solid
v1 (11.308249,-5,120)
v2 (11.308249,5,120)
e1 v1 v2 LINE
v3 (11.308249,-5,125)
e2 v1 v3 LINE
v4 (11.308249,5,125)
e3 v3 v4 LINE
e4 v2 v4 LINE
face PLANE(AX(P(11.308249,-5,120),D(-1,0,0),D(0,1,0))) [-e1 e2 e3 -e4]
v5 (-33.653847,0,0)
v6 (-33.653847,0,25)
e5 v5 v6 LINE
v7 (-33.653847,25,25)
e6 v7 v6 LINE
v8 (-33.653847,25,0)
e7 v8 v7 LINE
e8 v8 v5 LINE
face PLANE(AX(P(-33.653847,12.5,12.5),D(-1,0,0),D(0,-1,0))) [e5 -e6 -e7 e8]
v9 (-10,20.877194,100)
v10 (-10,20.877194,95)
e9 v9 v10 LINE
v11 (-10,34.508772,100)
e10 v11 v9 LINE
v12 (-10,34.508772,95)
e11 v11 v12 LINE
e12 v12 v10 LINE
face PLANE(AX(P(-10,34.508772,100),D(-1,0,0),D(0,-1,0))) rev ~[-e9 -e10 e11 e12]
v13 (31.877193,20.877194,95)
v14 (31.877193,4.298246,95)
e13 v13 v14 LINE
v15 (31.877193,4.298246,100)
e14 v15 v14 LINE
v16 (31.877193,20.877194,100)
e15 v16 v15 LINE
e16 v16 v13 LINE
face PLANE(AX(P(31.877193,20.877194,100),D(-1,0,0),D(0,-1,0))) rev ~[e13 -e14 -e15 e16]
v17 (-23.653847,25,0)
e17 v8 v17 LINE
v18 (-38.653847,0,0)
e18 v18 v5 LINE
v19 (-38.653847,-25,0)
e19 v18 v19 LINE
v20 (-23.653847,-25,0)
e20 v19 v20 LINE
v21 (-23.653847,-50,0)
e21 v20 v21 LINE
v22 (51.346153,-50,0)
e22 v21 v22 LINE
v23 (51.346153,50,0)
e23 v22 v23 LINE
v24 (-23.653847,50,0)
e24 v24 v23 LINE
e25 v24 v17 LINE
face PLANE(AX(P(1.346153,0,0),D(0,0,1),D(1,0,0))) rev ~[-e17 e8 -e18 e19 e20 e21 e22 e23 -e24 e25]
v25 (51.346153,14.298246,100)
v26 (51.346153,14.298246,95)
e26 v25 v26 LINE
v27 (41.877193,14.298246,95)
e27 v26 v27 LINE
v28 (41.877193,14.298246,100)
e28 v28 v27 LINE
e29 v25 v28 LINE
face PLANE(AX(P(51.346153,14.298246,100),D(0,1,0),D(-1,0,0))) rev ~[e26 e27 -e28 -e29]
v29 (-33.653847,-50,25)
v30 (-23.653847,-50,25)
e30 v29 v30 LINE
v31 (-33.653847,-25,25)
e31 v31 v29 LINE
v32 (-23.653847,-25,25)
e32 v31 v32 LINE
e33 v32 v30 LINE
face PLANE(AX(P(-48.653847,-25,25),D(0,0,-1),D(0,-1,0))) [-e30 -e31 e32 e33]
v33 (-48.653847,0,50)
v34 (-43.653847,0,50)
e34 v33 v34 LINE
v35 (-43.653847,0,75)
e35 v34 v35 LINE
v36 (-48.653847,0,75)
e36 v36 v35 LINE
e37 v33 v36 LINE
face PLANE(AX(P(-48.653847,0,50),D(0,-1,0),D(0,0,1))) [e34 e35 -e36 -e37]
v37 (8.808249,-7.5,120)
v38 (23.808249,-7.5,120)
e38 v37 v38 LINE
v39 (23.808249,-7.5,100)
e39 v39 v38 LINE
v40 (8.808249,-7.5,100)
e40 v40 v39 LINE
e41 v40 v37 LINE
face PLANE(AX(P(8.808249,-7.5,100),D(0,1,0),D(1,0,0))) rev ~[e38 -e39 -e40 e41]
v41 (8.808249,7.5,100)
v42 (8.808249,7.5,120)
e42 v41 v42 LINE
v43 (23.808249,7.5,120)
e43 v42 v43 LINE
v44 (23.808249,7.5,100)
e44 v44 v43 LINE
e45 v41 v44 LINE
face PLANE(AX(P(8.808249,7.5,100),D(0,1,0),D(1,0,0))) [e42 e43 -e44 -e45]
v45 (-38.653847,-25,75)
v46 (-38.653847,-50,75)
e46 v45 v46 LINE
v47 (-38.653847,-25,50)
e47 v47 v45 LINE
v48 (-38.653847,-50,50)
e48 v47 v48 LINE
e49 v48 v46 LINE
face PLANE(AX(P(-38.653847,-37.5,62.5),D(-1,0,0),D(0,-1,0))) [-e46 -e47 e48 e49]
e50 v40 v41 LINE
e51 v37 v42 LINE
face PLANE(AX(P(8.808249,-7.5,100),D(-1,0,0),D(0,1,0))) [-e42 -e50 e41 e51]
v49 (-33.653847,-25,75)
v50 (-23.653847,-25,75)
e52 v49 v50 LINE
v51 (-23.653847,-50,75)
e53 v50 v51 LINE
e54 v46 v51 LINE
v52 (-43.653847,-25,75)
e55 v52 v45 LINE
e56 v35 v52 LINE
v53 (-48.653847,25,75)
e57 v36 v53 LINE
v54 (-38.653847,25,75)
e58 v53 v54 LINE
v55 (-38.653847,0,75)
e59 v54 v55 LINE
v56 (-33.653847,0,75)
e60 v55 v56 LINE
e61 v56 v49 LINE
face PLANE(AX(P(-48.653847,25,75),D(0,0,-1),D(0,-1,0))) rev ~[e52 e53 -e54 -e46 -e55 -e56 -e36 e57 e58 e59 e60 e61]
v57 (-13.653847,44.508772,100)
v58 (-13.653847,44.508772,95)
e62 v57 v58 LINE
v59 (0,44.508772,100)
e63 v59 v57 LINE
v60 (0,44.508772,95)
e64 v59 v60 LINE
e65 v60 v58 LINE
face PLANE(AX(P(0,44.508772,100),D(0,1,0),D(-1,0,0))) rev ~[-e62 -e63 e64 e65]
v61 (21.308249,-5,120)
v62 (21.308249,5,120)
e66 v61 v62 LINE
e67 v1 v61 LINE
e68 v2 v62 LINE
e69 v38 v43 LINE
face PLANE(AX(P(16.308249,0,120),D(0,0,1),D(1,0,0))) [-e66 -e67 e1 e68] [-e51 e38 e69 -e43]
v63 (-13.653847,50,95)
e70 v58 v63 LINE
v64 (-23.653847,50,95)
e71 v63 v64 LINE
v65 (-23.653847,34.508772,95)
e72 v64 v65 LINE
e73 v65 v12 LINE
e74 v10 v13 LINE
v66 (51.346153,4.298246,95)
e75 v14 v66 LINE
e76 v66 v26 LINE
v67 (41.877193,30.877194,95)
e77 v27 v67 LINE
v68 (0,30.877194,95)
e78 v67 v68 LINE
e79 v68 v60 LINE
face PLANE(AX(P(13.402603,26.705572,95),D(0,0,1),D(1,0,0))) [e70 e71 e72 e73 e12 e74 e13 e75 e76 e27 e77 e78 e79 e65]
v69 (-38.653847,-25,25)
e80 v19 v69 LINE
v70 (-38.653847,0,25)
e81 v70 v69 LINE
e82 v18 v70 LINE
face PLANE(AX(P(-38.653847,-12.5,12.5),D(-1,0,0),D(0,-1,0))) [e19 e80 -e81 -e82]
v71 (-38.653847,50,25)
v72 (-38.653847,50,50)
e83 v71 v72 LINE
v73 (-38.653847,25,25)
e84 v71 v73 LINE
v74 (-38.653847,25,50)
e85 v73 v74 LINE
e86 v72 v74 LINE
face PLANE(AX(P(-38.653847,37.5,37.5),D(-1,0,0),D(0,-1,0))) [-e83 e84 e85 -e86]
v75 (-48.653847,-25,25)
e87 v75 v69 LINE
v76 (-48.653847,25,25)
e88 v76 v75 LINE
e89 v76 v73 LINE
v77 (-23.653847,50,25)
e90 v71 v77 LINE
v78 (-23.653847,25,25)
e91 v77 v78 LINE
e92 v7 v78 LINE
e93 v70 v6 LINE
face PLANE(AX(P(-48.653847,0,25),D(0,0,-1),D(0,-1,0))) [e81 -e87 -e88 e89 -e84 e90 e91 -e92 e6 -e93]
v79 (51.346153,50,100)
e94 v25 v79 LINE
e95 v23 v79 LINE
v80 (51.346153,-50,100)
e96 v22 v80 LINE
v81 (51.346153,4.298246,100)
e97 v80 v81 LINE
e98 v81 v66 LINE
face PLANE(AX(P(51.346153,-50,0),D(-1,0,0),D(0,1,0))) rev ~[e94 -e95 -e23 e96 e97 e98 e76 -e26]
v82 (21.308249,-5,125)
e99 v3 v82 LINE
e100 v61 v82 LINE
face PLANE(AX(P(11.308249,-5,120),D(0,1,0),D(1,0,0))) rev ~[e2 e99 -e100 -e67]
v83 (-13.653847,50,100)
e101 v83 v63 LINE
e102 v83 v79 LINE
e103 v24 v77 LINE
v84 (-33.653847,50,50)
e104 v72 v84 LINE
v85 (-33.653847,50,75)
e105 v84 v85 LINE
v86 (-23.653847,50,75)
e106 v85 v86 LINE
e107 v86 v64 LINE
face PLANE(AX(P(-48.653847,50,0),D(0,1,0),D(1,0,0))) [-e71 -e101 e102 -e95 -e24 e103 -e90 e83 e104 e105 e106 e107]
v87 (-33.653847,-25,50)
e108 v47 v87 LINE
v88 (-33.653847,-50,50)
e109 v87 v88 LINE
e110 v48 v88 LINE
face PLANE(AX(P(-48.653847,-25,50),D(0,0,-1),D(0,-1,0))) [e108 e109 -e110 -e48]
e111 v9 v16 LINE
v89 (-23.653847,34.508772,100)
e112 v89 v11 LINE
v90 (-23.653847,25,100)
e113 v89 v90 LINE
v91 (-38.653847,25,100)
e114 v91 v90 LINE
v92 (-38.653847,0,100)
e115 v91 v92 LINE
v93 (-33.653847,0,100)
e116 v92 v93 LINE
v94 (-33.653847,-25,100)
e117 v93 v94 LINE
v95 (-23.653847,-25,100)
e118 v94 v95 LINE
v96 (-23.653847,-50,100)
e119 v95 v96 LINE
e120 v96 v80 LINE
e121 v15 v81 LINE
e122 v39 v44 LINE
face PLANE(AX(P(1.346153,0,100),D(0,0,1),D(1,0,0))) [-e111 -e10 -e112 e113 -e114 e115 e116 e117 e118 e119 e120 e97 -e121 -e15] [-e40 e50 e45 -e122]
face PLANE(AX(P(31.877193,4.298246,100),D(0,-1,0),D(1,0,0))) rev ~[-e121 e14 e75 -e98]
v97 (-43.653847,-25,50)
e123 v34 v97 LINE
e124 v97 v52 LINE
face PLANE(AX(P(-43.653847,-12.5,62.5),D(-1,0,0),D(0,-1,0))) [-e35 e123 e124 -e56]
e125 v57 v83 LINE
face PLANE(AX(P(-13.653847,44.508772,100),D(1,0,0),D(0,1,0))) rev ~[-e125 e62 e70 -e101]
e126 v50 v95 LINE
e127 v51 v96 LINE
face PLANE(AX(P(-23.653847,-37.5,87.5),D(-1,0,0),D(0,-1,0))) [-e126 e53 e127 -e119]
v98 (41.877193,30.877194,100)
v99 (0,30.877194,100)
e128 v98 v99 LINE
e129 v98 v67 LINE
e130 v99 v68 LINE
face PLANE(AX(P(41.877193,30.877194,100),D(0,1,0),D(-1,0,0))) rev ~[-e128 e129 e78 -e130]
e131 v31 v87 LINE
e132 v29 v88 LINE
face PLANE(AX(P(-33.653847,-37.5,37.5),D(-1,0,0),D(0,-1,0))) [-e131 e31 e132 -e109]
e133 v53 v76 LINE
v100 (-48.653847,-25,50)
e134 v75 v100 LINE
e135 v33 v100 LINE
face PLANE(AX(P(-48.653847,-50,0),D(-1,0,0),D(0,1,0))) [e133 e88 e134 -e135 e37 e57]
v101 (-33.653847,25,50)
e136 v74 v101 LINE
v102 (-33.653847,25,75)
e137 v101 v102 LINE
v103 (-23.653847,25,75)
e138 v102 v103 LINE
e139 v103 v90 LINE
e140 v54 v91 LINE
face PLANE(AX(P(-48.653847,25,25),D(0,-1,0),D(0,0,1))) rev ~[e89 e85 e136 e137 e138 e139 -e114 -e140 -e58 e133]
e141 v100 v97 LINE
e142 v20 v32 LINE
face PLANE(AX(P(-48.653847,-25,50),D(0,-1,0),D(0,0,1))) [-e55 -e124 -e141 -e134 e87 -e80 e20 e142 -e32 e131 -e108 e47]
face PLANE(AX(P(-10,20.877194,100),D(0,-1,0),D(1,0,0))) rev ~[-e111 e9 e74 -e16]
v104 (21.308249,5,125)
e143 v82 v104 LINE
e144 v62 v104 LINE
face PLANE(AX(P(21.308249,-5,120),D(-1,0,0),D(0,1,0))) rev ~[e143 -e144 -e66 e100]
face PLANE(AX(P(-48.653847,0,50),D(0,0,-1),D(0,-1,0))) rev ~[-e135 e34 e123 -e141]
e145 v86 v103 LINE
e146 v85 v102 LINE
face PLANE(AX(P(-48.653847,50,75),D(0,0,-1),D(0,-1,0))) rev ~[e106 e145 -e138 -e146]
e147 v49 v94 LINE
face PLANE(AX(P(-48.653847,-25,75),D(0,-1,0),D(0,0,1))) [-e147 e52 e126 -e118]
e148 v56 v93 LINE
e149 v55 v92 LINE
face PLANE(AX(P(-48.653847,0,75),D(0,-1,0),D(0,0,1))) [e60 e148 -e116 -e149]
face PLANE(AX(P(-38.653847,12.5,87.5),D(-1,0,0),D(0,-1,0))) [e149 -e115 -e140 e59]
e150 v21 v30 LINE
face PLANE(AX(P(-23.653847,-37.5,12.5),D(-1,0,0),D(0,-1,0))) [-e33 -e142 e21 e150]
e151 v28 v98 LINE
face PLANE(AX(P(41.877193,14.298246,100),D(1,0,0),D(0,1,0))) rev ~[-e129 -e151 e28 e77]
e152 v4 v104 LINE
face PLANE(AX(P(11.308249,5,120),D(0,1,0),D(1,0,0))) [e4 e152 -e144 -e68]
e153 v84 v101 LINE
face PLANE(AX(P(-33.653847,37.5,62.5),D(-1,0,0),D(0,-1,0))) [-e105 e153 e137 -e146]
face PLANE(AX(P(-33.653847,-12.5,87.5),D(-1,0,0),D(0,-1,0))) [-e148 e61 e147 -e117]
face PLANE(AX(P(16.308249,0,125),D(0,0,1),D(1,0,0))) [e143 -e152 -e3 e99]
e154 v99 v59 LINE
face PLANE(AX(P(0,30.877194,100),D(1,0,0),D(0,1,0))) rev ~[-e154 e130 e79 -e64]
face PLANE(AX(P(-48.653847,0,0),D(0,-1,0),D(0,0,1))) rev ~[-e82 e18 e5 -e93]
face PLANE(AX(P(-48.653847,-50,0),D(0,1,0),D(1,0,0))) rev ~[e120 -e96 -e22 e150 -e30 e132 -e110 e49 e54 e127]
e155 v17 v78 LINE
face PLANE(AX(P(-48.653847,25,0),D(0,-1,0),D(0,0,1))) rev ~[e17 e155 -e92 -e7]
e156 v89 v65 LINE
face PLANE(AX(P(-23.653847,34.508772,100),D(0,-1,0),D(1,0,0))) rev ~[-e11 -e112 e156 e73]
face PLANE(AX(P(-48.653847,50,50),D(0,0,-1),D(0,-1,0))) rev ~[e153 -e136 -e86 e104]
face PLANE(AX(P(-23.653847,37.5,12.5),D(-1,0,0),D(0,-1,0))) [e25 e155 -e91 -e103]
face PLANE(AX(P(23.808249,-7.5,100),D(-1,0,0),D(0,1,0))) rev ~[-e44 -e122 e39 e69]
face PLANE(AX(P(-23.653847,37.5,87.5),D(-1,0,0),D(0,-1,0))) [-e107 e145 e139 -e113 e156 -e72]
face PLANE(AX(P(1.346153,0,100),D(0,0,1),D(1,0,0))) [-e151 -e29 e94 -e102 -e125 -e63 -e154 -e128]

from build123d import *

# Parameters (mm, degrees)
F0_W      = 100
F0_H      = 100
F1_DEPTH  = 100
F2_W      = 25
F2_H      = 25
F3_DEPTH  = 25
F4_DEPTH  = 15
F5_DEPTH  = 10
F6_DEPTH  = 5
F8_DEPTH  = 5
F9_W      = 15
F9_H      = 15
F10_DEPTH = 20
F11_W     = 10
F11_H     = 10
F12_DEPTH = 5


with BuildPart() as f1:
    # F0 (on Top) → F1 (new body)
    with BuildSketch(Plane.XY):
        with Locations((1.3461533941, 0)):
            Rectangle(F0_W, F0_H)
    extrude(amount=F1_DEPTH)

    # F2 (on face) → F3 (cut)
    with BuildSketch(Plane(origin=(-48.6538466059, 0, 0), x_dir=(0, -1, 0), z_dir=(-1, 0, 0))):
        with Locations((-37.5, 87.5)):
            Rectangle(F2_W, F2_H)
        with Locations((-37.5, 12.5)):
            Rectangle(F2_W, F2_H)
        with Locations((37.5, 12.5)):
            Rectangle(F2_W, F2_H)
        with Locations((37.5, 87.5)):
            Rectangle(F2_W, F2_H)
    extrude(amount=-F3_DEPTH, mode=Mode.SUBTRACT)

    # F2 (on face) → F4 (cut)
    with BuildSketch(Plane(origin=(-48.6538466059, 0, 0), x_dir=(0, -1, 0), z_dir=(-1, 0, 0))):
        with Locations((-37.5, 62.5)):
            Rectangle(F2_W, F2_H)
        with Locations((37.5, 37.5)):
            Rectangle(F2_W, F2_H)
        with Locations((12.5, 87.5)):
            Rectangle(F2_W, F2_H)
        with Locations((-12.5, 12.5)):
            Rectangle(F2_W, F2_H)
    extrude(amount=-F4_DEPTH, mode=Mode.SUBTRACT)

    # F2 (on face) → F5 (cut)
    with BuildSketch(Plane(origin=(-48.6538466059, 0, 0), x_dir=(0, -1, 0), z_dir=(-1, 0, 0))):
        with Locations((-12.5, 87.5)):
            Rectangle(F2_W, F2_H)
        with Locations((12.5, 12.5)):
            Rectangle(F2_W, F2_H)
        with Locations((-37.5, 37.5)):
            Rectangle(F2_W, F2_H)
        with Locations((37.5, 62.5)):
            Rectangle(F2_W, F2_H)
    extrude(amount=-F5_DEPTH, mode=Mode.SUBTRACT)

    # F2 (on face) → F6 (cut)
    with BuildSketch(Plane(origin=(-48.6538466059, 0, 0), x_dir=(0, -1, 0), z_dir=(-1, 0, 0))):
        with Locations((12.5, 62.5)):
            Rectangle(F2_W, F2_H)
    extrude(amount=-F6_DEPTH, mode=Mode.SUBTRACT)

    # F7 (on face) → F8 (cut)
    with BuildSketch(Plane.XY.offset(100)):
        Polygon((-13.6538466059, 44.5087721944), (-13.6538466059, 50), (-23.6538466059, 50), (-23.6538466059, 34.5087721944), (-10, 34.5087721944), (-10, 20.8771936595), (31.8771933764, 20.8771936595), (31.8771933764, 4.2982455343), (51.3461533941, 4.2982455343), (51.3461533941, 14.2982455343), (41.8771933764, 14.2982455343), (41.8771933764, 30.8771936595), (0, 30.8771936595), (0, 44.5087721944), align=None)
    extrude(amount=-F8_DEPTH, mode=Mode.SUBTRACT)

    # F9 (on face) → F10 (join)
    with BuildSketch(Plane.XY.offset(100)):
        with Locations((16.3082494724, 0)):
            Rectangle(F9_W, F9_H)
    extrude(amount=F10_DEPTH)

    # F11 (on face) → F12 (join)
    with BuildSketch(Plane.XY.offset(120)):
        with Locations((16.3082494724, 0)):
            Rectangle(F11_W, F11_H)
    extrude(amount=F12_DEPTH)


solid = f1.part
